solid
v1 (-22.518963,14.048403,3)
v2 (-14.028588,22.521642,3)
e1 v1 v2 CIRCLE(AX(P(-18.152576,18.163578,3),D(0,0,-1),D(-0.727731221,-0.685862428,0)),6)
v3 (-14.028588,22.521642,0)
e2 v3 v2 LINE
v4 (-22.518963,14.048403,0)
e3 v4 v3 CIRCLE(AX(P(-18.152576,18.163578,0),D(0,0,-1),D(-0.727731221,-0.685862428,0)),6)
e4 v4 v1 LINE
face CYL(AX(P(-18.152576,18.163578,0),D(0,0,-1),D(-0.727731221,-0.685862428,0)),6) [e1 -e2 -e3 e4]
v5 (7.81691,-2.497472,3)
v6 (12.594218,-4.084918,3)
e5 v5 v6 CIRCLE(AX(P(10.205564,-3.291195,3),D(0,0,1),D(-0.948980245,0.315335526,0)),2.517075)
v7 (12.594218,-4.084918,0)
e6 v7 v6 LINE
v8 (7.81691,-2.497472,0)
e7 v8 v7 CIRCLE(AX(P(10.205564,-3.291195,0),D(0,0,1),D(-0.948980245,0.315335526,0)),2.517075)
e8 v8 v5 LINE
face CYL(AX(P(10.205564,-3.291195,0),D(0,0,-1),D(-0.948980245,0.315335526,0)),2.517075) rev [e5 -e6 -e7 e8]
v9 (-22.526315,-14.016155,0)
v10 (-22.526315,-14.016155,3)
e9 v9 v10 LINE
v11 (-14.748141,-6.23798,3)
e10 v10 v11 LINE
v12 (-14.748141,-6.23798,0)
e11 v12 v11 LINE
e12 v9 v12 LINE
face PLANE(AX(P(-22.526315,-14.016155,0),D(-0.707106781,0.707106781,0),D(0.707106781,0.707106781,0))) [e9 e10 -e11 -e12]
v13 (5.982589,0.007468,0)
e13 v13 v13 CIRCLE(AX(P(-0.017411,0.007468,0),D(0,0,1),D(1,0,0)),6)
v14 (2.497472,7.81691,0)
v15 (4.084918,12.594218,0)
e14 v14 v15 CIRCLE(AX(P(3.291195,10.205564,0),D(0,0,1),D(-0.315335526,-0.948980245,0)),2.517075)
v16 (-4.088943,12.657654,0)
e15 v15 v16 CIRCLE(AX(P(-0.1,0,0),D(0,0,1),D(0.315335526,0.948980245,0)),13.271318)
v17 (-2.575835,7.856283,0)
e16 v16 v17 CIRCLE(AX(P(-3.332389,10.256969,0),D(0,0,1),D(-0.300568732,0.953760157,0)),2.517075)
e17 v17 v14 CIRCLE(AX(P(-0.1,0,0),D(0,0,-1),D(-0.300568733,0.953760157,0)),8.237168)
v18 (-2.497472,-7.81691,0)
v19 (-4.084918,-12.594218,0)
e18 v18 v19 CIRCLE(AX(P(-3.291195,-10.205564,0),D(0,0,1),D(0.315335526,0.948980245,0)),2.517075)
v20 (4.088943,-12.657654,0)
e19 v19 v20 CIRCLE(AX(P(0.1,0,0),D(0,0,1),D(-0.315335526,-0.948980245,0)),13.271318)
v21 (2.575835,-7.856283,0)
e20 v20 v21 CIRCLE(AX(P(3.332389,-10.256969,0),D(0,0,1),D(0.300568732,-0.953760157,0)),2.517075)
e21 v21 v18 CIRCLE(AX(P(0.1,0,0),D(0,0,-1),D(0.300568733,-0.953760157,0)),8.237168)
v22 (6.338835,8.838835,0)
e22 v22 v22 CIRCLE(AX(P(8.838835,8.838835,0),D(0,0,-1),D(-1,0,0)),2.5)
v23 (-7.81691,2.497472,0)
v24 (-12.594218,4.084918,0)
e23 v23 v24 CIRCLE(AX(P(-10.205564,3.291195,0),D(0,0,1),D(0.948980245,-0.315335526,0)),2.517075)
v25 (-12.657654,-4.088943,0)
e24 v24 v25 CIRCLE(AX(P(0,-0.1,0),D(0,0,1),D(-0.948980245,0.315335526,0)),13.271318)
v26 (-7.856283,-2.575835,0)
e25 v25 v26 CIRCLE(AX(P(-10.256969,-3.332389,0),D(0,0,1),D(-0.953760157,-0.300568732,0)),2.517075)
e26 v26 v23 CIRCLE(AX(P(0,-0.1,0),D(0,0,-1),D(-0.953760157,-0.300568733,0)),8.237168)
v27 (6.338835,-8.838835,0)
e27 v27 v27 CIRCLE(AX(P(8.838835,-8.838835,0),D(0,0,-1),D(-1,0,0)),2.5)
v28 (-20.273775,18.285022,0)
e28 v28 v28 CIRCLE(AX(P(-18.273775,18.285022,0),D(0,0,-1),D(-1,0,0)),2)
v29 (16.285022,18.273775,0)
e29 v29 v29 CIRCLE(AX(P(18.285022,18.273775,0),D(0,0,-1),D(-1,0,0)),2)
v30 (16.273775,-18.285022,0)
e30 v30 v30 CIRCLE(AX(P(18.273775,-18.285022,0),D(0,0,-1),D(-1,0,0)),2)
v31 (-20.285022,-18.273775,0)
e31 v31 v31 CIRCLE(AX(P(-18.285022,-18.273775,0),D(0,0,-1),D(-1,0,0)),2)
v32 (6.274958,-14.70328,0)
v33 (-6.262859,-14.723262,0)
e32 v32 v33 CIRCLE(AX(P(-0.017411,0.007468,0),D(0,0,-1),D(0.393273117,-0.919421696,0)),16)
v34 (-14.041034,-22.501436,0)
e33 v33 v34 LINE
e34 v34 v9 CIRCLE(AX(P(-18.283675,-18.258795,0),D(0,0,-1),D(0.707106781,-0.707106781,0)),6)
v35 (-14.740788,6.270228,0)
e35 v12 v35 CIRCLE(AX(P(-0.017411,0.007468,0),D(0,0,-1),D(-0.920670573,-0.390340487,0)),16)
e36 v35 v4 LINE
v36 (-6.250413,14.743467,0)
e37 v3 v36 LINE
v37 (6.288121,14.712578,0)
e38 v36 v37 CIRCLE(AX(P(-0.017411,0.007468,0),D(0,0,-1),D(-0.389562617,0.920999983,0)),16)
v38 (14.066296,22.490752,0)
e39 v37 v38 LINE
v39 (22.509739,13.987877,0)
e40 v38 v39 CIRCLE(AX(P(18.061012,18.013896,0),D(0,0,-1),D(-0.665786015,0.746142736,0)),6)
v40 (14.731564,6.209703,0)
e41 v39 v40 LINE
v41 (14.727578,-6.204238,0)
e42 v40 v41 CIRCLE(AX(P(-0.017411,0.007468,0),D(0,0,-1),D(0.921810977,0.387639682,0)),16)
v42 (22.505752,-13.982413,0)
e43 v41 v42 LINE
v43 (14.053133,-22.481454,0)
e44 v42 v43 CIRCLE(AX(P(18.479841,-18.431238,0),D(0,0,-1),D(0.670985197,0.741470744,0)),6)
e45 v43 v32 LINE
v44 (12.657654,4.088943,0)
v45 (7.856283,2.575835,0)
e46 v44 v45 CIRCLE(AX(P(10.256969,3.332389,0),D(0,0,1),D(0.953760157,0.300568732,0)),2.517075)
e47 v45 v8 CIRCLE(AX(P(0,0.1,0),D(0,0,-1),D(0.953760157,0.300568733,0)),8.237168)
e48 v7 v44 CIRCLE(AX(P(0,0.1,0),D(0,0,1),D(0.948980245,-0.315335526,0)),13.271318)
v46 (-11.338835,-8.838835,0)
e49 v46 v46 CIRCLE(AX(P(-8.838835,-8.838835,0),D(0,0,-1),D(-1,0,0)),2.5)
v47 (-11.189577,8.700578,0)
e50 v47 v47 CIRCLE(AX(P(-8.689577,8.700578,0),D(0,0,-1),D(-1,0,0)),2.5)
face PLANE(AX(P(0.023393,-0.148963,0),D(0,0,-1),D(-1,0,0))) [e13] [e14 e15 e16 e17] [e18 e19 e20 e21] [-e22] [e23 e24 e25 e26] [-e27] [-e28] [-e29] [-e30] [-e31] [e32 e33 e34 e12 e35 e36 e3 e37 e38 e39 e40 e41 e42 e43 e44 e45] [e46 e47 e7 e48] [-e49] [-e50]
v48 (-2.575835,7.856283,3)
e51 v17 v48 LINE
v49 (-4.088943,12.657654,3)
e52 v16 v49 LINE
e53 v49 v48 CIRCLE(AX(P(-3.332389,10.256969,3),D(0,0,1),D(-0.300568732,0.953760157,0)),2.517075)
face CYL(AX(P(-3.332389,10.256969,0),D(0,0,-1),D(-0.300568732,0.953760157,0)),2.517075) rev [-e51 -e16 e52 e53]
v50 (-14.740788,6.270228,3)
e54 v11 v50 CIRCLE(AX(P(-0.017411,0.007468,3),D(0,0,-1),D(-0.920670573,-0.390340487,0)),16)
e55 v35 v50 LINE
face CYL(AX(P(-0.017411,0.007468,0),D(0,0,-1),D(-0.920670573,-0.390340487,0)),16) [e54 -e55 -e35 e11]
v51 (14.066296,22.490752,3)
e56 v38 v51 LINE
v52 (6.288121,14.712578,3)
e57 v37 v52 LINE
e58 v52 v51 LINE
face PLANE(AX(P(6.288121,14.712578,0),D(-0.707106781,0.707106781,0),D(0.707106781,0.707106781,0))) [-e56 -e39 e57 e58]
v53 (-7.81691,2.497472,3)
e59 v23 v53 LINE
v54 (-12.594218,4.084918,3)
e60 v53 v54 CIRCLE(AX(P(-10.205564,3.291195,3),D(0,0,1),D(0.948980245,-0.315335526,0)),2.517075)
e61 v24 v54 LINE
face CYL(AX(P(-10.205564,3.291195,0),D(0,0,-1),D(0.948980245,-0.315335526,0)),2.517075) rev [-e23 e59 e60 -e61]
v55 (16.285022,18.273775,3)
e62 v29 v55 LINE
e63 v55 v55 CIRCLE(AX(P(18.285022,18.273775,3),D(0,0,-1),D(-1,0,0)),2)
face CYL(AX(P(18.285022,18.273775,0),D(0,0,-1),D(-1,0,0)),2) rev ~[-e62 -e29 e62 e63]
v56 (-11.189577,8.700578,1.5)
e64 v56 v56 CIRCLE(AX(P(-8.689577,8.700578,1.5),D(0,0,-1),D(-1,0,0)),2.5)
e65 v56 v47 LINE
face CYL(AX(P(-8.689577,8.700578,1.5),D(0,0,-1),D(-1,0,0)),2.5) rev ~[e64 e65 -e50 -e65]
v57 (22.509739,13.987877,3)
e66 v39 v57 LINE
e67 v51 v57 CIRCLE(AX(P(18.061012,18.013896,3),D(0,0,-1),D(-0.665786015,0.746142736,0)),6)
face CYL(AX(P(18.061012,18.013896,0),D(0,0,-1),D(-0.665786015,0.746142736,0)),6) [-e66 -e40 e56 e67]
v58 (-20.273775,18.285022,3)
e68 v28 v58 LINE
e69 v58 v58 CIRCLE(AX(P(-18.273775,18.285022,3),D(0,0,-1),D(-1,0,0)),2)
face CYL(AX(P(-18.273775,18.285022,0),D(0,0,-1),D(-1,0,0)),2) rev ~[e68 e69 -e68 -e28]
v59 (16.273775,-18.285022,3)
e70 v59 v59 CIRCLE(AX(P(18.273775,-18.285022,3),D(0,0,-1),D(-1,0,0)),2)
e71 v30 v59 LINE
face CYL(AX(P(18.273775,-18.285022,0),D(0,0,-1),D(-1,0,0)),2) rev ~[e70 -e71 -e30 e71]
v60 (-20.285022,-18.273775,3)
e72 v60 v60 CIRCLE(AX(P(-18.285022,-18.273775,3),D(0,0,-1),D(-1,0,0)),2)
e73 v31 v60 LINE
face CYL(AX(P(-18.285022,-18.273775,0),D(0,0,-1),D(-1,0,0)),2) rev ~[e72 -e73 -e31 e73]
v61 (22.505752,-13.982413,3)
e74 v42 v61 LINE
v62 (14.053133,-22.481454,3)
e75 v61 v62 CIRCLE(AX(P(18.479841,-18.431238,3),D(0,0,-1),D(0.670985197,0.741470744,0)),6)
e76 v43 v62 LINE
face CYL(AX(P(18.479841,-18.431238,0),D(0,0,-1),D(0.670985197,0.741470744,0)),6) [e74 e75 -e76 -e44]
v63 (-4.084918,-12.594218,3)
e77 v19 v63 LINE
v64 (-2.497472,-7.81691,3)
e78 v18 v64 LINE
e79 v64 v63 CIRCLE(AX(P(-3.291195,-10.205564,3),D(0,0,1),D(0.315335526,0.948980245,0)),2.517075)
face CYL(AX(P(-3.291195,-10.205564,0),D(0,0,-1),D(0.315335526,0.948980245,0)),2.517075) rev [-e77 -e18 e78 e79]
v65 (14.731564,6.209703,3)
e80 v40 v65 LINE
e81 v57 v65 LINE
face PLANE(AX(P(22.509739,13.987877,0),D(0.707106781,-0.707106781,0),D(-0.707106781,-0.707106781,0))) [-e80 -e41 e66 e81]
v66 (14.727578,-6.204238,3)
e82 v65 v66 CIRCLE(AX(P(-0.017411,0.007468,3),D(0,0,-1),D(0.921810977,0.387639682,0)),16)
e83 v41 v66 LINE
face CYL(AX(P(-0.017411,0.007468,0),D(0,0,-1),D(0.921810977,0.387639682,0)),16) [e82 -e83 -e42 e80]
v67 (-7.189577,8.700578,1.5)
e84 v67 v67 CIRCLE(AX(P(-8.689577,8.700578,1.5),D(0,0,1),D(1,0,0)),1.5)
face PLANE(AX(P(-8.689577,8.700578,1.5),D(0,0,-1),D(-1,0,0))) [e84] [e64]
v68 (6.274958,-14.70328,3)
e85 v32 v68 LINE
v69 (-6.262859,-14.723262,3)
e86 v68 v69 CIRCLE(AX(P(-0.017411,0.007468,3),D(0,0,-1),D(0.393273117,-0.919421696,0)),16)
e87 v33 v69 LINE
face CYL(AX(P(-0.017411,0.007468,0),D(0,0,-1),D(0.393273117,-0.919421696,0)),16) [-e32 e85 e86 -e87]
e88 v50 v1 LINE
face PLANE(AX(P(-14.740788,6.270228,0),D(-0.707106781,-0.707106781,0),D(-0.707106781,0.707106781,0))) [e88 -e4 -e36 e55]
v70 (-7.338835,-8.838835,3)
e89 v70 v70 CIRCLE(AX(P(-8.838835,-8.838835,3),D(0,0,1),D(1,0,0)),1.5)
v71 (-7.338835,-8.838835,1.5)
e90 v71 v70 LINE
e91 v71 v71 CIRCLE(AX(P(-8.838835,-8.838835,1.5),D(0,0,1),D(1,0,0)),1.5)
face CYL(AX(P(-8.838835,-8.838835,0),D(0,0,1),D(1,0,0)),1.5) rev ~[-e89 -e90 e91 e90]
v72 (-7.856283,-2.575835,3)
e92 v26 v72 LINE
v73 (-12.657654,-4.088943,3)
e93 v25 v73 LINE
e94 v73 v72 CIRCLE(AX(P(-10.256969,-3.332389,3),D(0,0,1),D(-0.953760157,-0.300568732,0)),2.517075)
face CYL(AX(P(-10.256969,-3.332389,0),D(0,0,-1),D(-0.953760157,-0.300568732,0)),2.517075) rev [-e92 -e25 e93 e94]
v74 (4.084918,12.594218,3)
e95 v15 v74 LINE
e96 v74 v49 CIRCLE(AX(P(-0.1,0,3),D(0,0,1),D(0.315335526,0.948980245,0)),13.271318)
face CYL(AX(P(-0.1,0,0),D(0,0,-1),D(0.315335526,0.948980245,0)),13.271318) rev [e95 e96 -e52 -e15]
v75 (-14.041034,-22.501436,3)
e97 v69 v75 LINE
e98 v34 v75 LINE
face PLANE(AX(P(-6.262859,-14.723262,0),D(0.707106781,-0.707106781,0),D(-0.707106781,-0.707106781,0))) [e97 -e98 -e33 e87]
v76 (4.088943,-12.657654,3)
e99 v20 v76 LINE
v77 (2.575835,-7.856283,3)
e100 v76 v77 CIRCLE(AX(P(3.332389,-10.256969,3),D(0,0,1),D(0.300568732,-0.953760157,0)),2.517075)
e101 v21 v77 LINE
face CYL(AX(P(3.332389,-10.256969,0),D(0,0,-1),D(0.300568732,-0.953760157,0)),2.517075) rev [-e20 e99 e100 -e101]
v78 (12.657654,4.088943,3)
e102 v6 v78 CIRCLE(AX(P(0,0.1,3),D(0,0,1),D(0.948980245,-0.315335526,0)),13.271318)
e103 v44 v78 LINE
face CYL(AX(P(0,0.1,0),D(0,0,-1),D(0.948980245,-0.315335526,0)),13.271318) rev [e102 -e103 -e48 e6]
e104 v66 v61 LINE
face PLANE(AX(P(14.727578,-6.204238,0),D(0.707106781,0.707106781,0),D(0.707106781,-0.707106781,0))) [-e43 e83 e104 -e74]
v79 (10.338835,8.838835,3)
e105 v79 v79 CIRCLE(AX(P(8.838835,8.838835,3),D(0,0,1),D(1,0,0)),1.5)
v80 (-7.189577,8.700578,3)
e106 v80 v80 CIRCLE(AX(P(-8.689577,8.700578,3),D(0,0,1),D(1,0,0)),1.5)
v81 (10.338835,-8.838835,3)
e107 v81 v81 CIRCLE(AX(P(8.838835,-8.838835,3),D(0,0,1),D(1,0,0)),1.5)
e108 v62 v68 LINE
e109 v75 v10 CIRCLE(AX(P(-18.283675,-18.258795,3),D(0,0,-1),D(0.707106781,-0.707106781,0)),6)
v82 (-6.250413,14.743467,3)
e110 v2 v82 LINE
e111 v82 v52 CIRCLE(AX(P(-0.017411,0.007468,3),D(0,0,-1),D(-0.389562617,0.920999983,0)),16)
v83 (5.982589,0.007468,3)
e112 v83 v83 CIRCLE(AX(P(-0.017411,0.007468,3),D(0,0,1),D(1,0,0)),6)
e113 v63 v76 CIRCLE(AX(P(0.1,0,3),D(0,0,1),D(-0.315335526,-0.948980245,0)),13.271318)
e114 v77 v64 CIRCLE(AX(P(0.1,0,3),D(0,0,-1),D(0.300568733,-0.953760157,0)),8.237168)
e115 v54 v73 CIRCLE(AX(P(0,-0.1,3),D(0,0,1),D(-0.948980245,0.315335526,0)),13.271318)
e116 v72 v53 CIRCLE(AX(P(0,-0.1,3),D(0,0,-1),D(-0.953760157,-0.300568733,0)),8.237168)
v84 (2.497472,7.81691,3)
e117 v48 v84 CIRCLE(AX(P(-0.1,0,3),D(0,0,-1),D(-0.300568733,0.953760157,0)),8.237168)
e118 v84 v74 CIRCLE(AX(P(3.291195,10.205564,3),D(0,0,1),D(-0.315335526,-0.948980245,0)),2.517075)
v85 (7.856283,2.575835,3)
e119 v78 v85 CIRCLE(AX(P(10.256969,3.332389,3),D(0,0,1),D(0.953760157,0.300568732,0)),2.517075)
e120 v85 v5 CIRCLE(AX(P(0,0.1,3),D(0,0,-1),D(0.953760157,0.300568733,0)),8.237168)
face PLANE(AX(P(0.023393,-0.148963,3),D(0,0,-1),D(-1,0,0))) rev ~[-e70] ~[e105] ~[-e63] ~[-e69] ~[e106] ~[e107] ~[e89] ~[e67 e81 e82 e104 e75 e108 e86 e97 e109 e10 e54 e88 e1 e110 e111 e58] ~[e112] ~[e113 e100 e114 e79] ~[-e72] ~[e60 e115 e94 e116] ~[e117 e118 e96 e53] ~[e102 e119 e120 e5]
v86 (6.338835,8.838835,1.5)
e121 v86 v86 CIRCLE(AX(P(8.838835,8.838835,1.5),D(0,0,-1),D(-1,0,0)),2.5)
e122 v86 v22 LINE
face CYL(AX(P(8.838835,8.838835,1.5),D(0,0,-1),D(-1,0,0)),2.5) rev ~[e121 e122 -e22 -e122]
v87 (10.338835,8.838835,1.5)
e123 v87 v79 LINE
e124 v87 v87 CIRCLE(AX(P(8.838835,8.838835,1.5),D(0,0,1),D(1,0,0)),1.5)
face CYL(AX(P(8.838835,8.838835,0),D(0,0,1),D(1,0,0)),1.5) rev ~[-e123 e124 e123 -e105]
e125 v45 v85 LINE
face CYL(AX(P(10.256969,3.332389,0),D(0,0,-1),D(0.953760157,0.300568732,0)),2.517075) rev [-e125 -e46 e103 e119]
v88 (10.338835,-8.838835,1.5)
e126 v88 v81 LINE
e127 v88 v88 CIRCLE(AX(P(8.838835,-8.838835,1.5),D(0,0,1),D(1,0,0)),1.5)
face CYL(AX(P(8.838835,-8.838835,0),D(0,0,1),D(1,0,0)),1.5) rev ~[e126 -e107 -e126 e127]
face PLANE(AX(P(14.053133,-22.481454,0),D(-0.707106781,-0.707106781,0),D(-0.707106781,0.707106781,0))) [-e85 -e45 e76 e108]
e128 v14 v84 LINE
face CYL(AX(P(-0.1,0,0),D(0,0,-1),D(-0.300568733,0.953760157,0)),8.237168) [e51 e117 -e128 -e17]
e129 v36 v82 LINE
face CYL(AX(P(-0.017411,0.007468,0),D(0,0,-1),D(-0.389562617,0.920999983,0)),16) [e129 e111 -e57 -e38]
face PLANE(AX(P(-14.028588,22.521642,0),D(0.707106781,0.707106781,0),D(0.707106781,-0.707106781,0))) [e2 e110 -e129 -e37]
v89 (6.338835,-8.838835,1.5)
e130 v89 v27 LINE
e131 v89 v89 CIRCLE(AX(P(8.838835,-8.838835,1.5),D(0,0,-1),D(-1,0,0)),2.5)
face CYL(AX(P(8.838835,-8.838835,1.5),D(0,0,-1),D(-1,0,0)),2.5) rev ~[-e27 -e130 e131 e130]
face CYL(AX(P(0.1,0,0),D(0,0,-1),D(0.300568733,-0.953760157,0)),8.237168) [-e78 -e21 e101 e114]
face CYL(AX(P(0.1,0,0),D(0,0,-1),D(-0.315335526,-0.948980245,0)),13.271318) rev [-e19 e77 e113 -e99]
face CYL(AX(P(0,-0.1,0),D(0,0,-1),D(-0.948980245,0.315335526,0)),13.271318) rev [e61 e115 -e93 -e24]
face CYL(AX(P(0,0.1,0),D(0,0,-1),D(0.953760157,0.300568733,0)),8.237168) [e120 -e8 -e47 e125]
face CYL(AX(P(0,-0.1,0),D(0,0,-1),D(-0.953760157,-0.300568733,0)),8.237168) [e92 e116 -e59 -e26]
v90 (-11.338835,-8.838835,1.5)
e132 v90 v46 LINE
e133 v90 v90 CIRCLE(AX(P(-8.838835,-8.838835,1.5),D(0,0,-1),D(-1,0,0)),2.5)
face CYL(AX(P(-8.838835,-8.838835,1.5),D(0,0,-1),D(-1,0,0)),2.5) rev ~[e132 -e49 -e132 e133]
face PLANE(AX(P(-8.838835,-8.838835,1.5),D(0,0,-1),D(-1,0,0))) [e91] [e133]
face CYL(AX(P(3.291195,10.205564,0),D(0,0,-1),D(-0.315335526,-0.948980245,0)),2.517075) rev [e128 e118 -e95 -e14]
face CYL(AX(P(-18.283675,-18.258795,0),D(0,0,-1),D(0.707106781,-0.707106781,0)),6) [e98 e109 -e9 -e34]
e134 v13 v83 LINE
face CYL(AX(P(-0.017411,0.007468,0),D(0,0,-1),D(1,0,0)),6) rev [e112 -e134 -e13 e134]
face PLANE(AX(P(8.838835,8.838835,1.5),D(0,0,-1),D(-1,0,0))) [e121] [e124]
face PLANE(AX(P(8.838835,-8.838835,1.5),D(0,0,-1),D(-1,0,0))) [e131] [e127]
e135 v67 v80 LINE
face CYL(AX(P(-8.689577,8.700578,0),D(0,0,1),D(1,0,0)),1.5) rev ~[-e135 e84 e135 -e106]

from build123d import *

# Parameters (mm, degrees)
ESBO_O1_R                                            = 6
RESSALTO_EXTRUS_O1_DEPTH                             = 3
REBAIXO_PARA_PARAFUSO_DE_M_QUINA_COM_CAB_D           = 3
REBAIXO_PARA_PARAFUSO_DE_M_QUINA_COM_CAB_CBORE_D     = 5
REBAIXO_PARA_PARAFUSO_DE_M_QUINA_COM_CAB_CBORE_DEPTH = 1.5
ESBO_O3_R                                            = 2
CORTE_EXTRUS_O1_DEPTH                                = 35.715241483


with BuildPart() as part:
    # Esboço1 → Ressalto-extrusão1 (new body)
    with BuildSketch(Plane.XY):
        with BuildLine():
            Line((22.509738768, 13.987877111), (14.731564175, 6.209702518))
            ThreePointArc((14.731564175, 6.209702518), (15.982587719, 0.002329667), (14.727577793, -6.204238442))
            Line((14.727577793, -6.204238442), (22.505752386, -13.982413035))
            ThreePointArc((22.505752386, -13.982413035), (22.734084307, -22.662243955), (14.053133017, -22.48145412))
            Line((14.053133017, -22.48145412), (6.274958424, -14.703279527))
            ThreePointArc((6.274958424, -14.703279527), (0.008088366, -15.99251207), (-6.26285925, -14.723261559))
            Line((-6.26285925, -14.723261559), (-14.041033843, -22.501436152))
            ThreePointArc((-14.041033843, -22.501436152), (-22.526315217, -22.501436152), (-22.526315217, -14.016154778))
            Line((-22.526315217, -14.016154778), (-14.748140624, -6.237980185))
            ThreePointArc((-14.748140624, -6.237980185), (-16.017408692, 0.016872321), (-14.740788367, 6.270228368))
            Line((-14.740788367, 6.270228368), (-22.51896296, 14.048402961))
            ThreePointArc((-22.51896296, 14.048402961), (-22.390928385, 22.410501827), (-14.028587912, 22.521641923))
            Line((-14.028587912, 22.521641923), (-6.250413319, 14.74346733))
            ThreePointArc((-6.250413319, 14.74346733), (0.022005702, 16.007419056), (6.288120931, 14.712577651))
            Line((6.288120931, 14.712577651), (14.066295524, 22.490752244))
            ThreePointArc((14.066295524, 22.490752244), (22.318505349, 22.241631288), (22.509738768, 13.987877111))
        make_face()
        with Locations((-0.017411456, 0.007467609)):
            Circle(ESBO_O1_R, mode=Mode.SUBTRACT)
        with BuildLine():
            ThreePointArc((4.084918003, 12.594218492), (0.002992983, 13.270918226), (-4.088943192, 12.657654219))
            ThreePointArc((-4.088943192, 12.657654219), (-5.733074845, 9.500414621), (-2.575835247, 7.856282968))
            ThreePointArc((-2.575835247, 7.856282968), (-0.036074884, 8.236920288), (2.497471811, 7.816910031))
            ThreePointArc((2.497471811, 7.816910031), (5.679849137, 9.411841166), (4.084918003, 12.594218492))
        make_face(mode=Mode.SUBTRACT)
        with BuildLine():
            ThreePointArc((12.594218492, -4.084918003), (13.270918226, -0.002992983), (12.657654219, 4.088943192))
            ThreePointArc((12.657654219, 4.088943192), (9.500414621, 5.733074845), (7.856282968, 2.575835247))
            ThreePointArc((7.856282968, 2.575835247), (8.236920288, 0.036074884), (7.816910031, -2.497471811))
            ThreePointArc((7.816910031, -2.497471811), (9.411841166, -5.679849137), (12.594218492, -4.084918003))
        make_face(mode=Mode.SUBTRACT)
        with BuildLine():
            ThreePointArc((-4.084918003, -12.594218492), (-0.002992983, -13.270918226), (4.088943192, -12.657654219))
            ThreePointArc((4.088943192, -12.657654219), (5.733074845, -9.500414621), (2.575835247, -7.856282968))
            ThreePointArc((2.575835247, -7.856282968), (0.036074884, -8.236920288), (-2.497471811, -7.816910031))
            ThreePointArc((-2.497471811, -7.816910031), (-5.679849137, -9.411841166), (-4.084918003, -12.594218492))
        make_face(mode=Mode.SUBTRACT)
        with BuildLine():
            ThreePointArc((-12.594218492, 4.084918003), (-13.270918226, 0.002992983), (-12.657654219, -4.088943192))
            ThreePointArc((-12.657654219, -4.088943192), (-9.500414621, -5.733074845), (-7.856282968, -2.575835247))
            ThreePointArc((-7.856282968, -2.575835247), (-8.236920288, -0.036074884), (-7.816910031, 2.497471811))
            ThreePointArc((-7.816910031, 2.497471811), (-9.411841166, 5.679849137), (-12.594218492, 4.084918003))
        make_face(mode=Mode.SUBTRACT)
    extrude(amount=RESSALTO_EXTRUS_O1_DEPTH)

    # Rebaixo para parafuso de máquina com cabeça panela de M22 (through all)
    with Locations(Plane(origin=(8.838834765, 8.838834765, 0), x_dir=(-1, 0, 0), z_dir=(0, 0, -1))):
        with Locations((0, 0), (17.528411311, -0.138256325), (17.67766953, -17.67766953), (0, -17.67766953)):
            CounterBoreHole(REBAIXO_PARA_PARAFUSO_DE_M_QUINA_COM_CAB_D / 2, REBAIXO_PARA_PARAFUSO_DE_M_QUINA_COM_CAB_CBORE_D / 2, REBAIXO_PARA_PARAFUSO_DE_M_QUINA_COM_CAB_CBORE_DEPTH)

    # Esboço3 → Corte-extrusão1 (cut, through all)
    with BuildSketch(Plane(origin=(0, 0, 0), x_dir=(-1, 0, 0), z_dir=(0, 0, -1))):
        with Locations((-18.285022442, 18.273775436)):
            Circle(ESBO_O3_R)
        with Locations((18.273775436, 18.285022442)):
            Circle(ESBO_O3_R)
        with Locations((18.285022442, -18.273775436)):
            Circle(ESBO_O3_R)
        with Locations((-18.273775436, -18.285022442)):
            Circle(ESBO_O3_R)
    extrude(amount=-CORTE_EXTRUS_O1_DEPTH, mode=Mode.SUBTRACT)


solid = part.part
